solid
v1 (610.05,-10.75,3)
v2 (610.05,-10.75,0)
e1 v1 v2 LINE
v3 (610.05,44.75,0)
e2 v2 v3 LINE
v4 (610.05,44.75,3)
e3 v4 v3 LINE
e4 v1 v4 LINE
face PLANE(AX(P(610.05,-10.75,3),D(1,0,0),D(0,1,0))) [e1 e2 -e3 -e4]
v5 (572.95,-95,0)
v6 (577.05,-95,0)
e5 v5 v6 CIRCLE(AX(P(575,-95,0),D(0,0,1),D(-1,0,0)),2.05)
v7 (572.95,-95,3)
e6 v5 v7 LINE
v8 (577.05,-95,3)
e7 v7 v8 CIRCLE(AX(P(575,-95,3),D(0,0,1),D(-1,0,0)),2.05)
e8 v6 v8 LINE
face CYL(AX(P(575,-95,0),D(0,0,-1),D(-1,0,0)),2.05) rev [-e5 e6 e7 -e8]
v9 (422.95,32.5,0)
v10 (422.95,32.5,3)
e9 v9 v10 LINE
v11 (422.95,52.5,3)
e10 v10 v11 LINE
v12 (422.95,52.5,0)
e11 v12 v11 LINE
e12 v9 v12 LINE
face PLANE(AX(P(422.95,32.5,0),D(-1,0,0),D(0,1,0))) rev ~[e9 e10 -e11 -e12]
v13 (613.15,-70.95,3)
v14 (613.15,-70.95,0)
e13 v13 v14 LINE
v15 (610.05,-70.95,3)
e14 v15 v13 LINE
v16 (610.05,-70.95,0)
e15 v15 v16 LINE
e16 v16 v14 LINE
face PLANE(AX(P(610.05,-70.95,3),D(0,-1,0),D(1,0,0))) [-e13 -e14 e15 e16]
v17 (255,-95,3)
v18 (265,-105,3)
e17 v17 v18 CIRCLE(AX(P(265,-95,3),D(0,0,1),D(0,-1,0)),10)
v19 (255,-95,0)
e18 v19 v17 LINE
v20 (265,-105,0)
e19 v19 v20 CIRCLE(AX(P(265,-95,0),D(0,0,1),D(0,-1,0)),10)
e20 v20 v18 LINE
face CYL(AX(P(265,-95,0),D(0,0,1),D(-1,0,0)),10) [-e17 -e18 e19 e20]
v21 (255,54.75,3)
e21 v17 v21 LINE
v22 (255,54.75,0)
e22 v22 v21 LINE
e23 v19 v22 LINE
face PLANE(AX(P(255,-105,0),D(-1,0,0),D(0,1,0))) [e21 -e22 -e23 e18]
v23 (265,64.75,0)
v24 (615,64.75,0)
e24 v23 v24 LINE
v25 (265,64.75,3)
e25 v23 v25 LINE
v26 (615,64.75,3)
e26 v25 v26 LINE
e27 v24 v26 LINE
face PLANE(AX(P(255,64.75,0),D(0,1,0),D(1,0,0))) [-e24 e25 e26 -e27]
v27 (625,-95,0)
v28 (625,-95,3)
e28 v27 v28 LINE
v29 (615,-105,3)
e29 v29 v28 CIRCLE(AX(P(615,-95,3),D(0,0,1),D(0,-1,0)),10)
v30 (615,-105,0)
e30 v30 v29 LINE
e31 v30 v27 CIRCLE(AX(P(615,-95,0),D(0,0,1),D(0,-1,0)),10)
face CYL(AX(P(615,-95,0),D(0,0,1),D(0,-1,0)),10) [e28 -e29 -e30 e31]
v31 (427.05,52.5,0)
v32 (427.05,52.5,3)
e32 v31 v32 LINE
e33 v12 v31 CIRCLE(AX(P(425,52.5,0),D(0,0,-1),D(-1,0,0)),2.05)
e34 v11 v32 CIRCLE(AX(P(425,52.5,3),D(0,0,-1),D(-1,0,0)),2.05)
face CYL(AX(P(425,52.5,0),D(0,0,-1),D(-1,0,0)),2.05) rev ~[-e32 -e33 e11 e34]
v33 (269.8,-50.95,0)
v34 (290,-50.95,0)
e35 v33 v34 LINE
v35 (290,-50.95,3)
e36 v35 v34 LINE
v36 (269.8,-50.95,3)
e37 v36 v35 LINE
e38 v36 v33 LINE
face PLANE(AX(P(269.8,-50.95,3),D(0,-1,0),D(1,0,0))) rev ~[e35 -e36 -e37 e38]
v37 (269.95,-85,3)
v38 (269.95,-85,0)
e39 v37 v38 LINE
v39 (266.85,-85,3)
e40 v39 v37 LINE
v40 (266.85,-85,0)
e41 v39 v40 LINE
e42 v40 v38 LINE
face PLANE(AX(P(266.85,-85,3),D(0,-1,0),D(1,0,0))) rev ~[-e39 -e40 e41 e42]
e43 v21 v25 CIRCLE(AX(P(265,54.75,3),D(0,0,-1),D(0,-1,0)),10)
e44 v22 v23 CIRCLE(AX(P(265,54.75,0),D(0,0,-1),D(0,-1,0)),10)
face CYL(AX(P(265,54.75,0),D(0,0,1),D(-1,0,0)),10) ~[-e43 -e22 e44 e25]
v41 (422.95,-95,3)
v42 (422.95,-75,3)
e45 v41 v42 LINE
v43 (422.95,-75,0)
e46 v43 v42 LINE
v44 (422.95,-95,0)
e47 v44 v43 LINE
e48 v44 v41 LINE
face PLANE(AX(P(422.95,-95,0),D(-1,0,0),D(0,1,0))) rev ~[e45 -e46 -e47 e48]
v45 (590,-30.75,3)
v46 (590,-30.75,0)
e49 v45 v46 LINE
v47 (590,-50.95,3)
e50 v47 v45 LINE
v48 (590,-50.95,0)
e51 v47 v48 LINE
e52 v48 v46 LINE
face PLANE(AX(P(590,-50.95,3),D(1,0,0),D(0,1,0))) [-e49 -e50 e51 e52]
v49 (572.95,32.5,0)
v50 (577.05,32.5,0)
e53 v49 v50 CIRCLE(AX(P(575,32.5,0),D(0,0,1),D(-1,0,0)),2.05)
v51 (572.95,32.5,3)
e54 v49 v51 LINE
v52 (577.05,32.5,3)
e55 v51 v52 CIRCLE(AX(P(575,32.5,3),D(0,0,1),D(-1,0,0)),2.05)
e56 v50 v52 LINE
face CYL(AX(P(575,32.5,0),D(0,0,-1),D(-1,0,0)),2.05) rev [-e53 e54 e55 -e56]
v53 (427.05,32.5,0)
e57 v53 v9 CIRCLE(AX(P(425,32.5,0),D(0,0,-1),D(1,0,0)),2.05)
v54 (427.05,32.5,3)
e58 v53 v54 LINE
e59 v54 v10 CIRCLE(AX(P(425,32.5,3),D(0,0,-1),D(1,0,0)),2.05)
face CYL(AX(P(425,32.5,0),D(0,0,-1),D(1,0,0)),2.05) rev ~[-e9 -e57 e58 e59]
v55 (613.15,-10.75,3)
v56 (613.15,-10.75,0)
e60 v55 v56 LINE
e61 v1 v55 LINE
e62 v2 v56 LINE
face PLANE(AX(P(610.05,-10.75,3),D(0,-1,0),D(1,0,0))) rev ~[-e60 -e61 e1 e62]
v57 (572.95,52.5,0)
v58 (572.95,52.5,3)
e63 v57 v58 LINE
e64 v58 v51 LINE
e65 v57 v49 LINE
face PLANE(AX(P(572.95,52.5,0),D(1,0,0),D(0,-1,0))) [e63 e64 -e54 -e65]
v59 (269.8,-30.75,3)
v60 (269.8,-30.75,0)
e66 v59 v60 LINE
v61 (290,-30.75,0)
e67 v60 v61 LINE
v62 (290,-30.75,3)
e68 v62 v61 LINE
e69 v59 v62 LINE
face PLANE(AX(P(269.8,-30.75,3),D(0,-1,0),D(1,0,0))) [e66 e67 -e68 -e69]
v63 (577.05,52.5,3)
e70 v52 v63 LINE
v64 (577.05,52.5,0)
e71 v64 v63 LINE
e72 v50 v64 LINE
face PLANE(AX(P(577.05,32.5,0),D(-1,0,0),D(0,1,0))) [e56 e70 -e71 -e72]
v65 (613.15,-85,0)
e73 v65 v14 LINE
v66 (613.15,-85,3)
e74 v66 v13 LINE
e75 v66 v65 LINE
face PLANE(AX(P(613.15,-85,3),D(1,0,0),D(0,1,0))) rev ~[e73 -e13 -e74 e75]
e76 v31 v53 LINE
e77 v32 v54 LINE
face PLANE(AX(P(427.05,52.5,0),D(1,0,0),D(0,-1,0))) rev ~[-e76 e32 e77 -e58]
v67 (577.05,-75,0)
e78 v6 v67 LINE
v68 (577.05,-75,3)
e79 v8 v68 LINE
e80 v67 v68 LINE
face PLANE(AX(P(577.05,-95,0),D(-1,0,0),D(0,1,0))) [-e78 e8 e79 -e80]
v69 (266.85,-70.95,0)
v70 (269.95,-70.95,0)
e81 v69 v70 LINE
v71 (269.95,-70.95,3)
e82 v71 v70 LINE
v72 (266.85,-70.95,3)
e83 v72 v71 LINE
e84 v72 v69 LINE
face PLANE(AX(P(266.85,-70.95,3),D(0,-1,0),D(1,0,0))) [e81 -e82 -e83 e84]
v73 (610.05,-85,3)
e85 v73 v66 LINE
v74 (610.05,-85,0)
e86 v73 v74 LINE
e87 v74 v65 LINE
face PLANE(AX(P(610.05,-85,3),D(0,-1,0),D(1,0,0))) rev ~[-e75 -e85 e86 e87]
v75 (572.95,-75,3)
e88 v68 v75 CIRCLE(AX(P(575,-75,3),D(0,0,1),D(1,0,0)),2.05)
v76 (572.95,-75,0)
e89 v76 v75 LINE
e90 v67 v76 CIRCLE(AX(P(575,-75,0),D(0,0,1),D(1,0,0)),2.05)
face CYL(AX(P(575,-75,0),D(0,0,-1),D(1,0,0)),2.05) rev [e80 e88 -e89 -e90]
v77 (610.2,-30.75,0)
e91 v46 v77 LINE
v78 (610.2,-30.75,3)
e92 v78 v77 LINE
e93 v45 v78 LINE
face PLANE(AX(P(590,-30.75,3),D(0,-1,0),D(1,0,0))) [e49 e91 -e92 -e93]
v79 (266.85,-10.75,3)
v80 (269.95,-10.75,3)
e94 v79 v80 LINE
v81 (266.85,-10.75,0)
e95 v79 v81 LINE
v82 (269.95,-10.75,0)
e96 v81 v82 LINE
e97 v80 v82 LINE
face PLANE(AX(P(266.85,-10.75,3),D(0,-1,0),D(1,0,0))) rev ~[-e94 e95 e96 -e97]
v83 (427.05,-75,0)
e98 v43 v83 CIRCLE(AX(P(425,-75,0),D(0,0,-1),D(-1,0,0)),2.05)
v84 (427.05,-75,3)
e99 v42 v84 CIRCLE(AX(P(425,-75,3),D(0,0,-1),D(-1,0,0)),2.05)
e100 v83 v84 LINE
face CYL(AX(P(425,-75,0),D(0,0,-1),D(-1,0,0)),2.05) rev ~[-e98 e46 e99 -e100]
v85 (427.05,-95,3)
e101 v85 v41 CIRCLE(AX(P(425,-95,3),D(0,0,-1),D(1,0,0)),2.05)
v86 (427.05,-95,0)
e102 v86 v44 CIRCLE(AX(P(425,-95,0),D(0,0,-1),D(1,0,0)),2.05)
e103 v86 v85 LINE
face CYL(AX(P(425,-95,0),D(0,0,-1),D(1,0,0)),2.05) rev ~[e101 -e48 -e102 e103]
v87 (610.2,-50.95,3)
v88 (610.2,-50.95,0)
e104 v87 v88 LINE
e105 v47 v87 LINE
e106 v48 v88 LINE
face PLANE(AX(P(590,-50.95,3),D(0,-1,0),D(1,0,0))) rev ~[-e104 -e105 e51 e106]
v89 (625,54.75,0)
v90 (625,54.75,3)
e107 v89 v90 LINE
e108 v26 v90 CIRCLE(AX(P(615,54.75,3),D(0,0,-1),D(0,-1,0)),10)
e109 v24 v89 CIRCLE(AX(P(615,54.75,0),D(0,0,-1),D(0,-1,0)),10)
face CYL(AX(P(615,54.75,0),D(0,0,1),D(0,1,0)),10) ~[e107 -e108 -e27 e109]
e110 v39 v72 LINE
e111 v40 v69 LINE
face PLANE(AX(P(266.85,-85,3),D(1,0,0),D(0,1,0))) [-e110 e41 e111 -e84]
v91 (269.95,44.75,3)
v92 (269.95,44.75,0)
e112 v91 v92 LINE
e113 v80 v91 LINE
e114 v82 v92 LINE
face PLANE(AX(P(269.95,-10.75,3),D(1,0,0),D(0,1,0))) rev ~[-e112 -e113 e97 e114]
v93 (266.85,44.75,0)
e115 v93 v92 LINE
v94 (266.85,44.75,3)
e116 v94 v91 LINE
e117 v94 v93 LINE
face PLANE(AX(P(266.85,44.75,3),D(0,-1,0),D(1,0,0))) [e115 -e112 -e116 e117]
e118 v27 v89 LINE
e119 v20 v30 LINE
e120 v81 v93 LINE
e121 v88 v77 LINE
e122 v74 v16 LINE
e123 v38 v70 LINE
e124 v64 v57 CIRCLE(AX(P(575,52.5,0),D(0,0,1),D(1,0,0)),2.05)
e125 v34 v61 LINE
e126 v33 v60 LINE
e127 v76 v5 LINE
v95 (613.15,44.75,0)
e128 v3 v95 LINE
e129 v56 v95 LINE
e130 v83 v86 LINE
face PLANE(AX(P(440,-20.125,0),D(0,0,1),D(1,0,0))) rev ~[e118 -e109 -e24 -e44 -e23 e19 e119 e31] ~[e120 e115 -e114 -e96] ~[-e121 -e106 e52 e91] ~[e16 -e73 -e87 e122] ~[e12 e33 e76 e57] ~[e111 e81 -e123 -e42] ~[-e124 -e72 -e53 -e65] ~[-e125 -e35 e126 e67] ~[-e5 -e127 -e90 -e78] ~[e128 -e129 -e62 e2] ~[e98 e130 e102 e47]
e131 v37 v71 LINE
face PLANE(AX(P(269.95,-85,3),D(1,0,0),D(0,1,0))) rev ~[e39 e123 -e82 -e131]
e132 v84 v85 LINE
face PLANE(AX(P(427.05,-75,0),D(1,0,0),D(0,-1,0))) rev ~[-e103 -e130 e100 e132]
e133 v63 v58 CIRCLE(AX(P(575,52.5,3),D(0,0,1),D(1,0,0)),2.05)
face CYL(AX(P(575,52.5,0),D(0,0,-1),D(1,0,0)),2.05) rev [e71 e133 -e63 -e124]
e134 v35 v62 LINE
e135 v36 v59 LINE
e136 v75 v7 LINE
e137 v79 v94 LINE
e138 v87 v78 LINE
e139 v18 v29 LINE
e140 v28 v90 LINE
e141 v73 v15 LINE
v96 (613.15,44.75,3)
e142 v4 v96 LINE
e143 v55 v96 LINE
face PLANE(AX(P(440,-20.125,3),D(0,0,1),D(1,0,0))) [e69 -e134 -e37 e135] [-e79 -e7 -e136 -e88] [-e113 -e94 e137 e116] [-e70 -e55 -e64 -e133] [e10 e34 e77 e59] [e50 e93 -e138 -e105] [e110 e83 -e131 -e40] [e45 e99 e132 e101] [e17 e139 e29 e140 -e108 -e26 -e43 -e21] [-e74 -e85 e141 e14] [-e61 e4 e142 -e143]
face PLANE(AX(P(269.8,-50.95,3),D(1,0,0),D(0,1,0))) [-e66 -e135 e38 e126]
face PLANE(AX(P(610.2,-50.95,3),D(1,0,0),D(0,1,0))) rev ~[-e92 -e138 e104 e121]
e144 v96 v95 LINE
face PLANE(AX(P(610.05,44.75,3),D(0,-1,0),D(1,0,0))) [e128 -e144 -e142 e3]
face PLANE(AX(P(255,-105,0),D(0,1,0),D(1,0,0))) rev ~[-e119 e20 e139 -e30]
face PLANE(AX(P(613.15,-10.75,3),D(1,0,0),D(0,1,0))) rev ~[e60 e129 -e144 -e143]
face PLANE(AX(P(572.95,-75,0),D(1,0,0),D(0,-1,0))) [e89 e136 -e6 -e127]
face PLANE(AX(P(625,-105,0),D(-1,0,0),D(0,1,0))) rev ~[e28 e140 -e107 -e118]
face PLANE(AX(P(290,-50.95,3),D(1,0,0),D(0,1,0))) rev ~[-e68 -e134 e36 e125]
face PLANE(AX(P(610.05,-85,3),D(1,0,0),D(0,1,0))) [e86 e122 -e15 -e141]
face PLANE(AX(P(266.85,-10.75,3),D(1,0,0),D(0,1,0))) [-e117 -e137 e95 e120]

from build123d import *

# Parameters (mm, degrees)
SKETCH1_W           = 370
SKETCH1_H           = 169.75
BOSS_EXTRUDE1_DEPTH = 3
SKETCH3_W           = 20.2
SKETCH3_H           = 20.2
CUT_EXTRUDE1_DEPTH  = 4
SKETCH4_W           = 3.1
SKETCH4_H           = 55.5
SKETCH4_H_2         = 14.05
CUT_EXTRUDE2_DEPTH  = 4
FILLET1_R           = 10


with BuildPart() as part:
    # Sketch1 → Boss-Extrude1 (new body)
    with BuildSketch(Plane.XY):
        with Locations((440, -20.125)):
            Rectangle(SKETCH1_W, SKETCH1_H)
        with BuildLine():
            Line((427.05, 52.5), (427.05, 32.5))
            ThreePointArc((427.05, 32.5), (425, 30.45), (422.95, 32.5))
            Line((422.95, 32.5), (422.95, 52.5))
            ThreePointArc((422.95, 52.5), (425, 54.55), (427.05, 52.5))
        make_face(mode=Mode.SUBTRACT)
        with BuildLine():
            Line((572.95, 52.5), (572.95, 32.5))
            ThreePointArc((572.95, 32.5), (575, 30.45), (577.05, 32.5))
            Line((577.05, 32.5), (577.05, 52.5))
            ThreePointArc((577.05, 52.5), (575, 54.55), (572.95, 52.5))
        make_face(mode=Mode.SUBTRACT)
        with BuildLine():
            Line((427.05, -75), (427.05, -95))
            ThreePointArc((427.05, -95), (425, -97.05), (422.95, -95))
            Line((422.95, -95), (422.95, -75))
            ThreePointArc((422.95, -75), (425, -72.95), (427.05, -75))
        make_face(mode=Mode.SUBTRACT)
        with BuildLine():
            Line((572.95, -75), (572.95, -95))
            ThreePointArc((572.95, -95), (575, -97.05), (577.05, -95))
            Line((577.05, -95), (577.05, -75))
            ThreePointArc((577.05, -75), (575, -72.95), (572.95, -75))
        make_face(mode=Mode.SUBTRACT)
    extrude(amount=BOSS_EXTRUDE1_DEPTH)

    # Sketch3 → Cut-Extrude1 (cut, through all)
    with BuildSketch(Plane.XY.offset(3)):
        with Locations((279.9, -40.85)):
            Rectangle(SKETCH3_W, SKETCH3_H)
        with Locations((600.1, -40.85)):
            Rectangle(SKETCH3_W, SKETCH3_H)
    extrude(amount=-CUT_EXTRUDE1_DEPTH, mode=Mode.SUBTRACT)

    # Sketch4 → Cut-Extrude2 (cut, through all)
    with BuildSketch(Plane.XY.offset(3)):
        with Locations((268.4, 17)):
            Rectangle(SKETCH4_W, SKETCH4_H)
        with Locations((268.4, -77.975)):
            Rectangle(SKETCH4_W, SKETCH4_H_2)
        with Locations((611.6, -77.975)):
            Rectangle(SKETCH4_W, SKETCH4_H_2)
        with Locations((611.6, 17)):
            Rectangle(SKETCH4_W, SKETCH4_H)
    extrude(amount=-CUT_EXTRUDE2_DEPTH, mode=Mode.SUBTRACT)

    # Fillet1
    fillet1_edges = [part.edges().sort_by_distance(p)[0] for p in [
        (625, -105, 1.5),
        (255, -105, 1.5),
        (255, 64.75, 1.5),
        (625, 64.75, 1.5),
    ]]
    fillet(fillet1_edges, radius=FILLET1_R)


solid = part.part
